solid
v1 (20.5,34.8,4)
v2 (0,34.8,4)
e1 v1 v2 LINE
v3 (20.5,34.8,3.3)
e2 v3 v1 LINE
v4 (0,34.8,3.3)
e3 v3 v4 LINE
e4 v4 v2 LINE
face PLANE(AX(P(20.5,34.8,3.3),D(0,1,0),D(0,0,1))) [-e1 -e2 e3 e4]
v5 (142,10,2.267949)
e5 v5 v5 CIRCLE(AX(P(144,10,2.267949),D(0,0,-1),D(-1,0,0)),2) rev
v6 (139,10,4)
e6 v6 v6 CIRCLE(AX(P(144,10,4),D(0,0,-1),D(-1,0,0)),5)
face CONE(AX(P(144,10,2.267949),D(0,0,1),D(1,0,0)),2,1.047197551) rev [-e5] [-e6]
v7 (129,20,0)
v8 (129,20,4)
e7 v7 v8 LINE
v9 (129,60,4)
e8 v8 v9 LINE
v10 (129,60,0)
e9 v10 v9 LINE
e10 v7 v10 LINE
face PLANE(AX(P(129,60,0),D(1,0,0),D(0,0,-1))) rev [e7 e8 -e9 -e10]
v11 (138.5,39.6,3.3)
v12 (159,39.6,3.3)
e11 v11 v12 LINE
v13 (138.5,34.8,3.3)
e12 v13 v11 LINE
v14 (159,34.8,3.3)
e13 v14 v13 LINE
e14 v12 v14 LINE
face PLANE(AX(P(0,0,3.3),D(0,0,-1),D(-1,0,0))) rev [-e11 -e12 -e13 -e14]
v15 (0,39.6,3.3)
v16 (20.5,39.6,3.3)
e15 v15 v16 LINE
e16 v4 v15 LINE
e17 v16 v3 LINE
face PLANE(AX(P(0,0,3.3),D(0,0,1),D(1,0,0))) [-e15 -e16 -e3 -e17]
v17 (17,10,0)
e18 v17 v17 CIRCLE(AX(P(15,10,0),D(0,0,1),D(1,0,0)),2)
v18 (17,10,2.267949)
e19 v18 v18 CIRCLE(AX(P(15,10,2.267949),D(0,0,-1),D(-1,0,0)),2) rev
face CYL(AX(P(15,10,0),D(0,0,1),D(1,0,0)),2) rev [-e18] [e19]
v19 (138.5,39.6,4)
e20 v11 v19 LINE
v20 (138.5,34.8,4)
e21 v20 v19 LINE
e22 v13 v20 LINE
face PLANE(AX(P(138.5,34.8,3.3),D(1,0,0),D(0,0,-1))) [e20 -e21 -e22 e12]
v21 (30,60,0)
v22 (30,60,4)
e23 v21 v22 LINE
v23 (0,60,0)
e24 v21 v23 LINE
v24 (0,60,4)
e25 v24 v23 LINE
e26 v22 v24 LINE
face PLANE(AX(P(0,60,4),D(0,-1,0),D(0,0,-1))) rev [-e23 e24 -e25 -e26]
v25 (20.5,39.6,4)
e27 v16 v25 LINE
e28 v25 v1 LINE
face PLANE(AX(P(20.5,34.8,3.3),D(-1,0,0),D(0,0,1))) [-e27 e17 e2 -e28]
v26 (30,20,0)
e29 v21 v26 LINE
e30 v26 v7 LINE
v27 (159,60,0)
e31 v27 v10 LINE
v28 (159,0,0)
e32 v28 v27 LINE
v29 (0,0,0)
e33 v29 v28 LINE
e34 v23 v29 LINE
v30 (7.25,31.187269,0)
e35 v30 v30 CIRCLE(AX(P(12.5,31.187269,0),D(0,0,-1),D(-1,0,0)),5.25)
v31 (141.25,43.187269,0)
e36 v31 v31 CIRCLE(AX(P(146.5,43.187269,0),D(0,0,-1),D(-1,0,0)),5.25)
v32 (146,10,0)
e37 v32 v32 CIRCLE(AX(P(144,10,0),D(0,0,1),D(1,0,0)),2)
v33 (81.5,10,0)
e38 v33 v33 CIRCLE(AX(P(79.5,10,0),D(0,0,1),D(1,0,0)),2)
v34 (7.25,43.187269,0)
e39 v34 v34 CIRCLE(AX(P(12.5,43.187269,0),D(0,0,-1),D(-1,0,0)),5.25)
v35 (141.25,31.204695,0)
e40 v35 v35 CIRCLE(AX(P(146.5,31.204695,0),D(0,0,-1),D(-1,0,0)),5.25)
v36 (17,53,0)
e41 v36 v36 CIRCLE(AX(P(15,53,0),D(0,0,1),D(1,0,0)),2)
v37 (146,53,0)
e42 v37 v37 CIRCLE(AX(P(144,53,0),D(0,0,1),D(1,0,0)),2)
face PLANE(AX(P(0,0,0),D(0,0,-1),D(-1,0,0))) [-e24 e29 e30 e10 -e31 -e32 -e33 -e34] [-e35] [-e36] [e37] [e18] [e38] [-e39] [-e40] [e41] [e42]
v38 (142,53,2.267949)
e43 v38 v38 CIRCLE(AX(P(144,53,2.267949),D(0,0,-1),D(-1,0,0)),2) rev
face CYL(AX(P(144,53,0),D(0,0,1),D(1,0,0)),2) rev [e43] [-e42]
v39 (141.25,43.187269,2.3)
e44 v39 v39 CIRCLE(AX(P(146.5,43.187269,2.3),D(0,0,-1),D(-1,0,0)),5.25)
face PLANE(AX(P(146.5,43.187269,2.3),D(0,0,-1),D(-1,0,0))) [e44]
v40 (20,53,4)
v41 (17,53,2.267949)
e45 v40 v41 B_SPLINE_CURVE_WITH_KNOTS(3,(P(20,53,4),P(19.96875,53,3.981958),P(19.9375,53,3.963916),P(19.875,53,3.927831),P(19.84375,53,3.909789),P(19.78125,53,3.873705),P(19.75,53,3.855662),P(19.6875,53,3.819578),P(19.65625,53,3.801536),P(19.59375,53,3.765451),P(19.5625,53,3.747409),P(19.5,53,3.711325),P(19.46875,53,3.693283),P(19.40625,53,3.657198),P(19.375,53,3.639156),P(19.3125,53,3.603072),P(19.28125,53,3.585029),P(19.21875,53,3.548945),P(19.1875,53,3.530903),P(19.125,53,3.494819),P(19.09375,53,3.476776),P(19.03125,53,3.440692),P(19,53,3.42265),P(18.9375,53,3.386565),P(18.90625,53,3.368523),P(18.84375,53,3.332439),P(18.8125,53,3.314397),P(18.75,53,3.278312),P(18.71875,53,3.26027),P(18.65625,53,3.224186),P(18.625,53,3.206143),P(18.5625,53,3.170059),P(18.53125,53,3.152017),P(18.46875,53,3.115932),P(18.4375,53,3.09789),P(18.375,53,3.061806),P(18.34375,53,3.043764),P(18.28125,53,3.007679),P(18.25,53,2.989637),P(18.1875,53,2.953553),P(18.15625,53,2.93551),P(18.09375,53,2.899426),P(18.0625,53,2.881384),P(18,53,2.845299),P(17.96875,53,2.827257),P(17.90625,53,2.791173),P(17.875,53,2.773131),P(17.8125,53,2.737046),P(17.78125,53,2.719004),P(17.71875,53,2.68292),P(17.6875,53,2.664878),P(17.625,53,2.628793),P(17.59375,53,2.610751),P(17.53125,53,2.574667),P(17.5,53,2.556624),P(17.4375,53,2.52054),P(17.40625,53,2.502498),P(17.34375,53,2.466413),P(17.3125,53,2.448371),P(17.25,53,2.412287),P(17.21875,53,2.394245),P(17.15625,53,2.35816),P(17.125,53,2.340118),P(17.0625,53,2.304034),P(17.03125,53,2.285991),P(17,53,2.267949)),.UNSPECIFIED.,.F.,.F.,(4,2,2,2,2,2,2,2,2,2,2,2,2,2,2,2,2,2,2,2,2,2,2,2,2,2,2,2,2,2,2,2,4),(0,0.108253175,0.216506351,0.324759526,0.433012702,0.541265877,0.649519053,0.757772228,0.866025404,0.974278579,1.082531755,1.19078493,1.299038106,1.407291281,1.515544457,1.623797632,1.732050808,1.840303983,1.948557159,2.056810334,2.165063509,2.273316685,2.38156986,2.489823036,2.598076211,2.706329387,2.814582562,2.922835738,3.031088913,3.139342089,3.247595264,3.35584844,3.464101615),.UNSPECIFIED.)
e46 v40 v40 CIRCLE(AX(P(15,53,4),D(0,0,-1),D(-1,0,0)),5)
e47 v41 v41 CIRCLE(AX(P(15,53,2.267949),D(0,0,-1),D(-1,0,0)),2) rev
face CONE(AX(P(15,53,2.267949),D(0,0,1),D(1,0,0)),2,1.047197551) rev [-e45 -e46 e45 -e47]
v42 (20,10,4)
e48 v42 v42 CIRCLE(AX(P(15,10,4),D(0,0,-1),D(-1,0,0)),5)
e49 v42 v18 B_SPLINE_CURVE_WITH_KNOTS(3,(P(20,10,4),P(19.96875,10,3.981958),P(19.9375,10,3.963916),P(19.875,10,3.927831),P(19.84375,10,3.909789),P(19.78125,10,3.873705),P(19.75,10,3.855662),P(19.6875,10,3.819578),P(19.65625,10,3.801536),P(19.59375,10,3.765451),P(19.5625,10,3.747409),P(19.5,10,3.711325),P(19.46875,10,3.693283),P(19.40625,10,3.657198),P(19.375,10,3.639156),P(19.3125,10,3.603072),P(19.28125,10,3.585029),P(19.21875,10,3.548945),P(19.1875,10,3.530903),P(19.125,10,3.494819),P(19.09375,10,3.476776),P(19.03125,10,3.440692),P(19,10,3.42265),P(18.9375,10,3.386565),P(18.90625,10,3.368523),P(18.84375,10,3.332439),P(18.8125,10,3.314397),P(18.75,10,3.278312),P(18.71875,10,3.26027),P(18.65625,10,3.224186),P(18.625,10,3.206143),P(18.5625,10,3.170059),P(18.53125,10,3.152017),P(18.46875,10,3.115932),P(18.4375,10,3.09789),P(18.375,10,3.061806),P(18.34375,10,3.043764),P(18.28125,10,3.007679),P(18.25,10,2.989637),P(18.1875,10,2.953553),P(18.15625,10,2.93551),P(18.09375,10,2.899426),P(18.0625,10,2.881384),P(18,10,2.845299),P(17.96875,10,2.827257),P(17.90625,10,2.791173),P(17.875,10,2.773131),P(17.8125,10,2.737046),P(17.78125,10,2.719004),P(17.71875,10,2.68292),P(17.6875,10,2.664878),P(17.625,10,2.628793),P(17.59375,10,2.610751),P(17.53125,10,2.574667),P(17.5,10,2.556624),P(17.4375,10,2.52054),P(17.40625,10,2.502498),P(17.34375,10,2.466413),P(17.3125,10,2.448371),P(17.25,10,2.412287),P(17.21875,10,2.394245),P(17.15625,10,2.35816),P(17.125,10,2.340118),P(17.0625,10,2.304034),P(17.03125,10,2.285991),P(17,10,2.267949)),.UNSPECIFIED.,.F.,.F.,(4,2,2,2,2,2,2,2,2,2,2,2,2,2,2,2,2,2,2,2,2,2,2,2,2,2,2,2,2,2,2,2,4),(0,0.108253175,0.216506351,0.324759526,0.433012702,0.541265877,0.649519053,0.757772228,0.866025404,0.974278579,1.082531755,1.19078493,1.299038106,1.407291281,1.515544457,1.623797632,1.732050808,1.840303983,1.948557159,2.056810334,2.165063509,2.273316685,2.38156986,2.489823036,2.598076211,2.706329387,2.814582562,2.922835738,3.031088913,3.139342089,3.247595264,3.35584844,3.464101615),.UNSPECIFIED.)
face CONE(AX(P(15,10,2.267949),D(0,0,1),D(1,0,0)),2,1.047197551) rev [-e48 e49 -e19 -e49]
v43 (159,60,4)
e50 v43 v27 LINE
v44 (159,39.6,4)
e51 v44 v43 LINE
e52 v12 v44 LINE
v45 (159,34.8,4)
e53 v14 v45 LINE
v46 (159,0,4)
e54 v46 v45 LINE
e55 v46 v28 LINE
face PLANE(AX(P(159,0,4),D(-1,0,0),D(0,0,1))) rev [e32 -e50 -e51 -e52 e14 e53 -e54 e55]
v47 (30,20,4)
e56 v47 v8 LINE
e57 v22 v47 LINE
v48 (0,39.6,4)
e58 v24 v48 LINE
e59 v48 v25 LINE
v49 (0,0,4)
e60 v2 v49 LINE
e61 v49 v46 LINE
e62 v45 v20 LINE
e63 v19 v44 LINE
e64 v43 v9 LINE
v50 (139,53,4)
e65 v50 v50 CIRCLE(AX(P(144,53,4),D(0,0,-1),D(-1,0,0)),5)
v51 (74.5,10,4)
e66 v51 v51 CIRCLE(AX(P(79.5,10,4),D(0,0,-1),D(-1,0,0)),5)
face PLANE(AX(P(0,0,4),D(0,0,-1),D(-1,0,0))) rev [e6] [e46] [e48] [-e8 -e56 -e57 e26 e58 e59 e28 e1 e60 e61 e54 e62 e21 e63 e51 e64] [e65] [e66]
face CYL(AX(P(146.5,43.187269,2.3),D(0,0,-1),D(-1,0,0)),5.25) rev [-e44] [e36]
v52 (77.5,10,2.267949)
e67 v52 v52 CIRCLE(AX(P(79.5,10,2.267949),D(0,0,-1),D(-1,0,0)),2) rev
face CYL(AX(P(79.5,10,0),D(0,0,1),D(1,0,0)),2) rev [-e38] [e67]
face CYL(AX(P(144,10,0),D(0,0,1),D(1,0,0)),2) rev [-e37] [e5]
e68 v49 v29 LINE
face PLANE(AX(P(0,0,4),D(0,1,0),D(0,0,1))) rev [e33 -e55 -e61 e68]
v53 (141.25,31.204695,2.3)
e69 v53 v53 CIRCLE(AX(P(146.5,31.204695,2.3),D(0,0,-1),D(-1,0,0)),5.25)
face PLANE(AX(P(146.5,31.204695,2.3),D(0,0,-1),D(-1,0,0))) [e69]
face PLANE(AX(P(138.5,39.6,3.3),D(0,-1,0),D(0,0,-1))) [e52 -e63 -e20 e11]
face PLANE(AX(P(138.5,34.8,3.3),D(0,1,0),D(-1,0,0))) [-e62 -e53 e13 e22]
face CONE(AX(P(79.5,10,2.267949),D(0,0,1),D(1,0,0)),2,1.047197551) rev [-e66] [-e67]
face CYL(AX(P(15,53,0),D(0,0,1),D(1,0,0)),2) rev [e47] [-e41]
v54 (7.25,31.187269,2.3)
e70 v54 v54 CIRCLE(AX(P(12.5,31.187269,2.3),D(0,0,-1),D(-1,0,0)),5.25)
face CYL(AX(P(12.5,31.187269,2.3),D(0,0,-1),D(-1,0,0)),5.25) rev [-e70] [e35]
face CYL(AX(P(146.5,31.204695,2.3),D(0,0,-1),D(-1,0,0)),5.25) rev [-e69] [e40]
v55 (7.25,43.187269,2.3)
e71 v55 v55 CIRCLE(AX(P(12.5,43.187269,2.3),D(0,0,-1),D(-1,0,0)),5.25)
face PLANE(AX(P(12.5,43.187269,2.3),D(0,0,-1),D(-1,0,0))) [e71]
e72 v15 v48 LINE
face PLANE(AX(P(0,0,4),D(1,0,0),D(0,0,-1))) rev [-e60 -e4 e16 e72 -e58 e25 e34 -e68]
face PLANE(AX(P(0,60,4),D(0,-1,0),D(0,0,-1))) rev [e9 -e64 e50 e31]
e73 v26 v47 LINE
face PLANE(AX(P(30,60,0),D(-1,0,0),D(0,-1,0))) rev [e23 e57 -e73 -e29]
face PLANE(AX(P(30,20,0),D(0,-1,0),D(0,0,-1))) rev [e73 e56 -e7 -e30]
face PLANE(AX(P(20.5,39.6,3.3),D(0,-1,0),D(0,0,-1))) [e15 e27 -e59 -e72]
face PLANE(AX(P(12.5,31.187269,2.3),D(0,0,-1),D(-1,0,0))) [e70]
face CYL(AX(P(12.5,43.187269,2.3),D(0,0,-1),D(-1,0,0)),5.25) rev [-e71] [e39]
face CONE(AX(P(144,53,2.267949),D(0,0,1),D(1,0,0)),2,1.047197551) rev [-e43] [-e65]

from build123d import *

# Parameters (mm, degrees)
ESQUISSE1_W             = 159
ESQUISSE1_H             = 60
BOSS_EXTRU_1_DEPTH      = 4
ENL_V_START             = -4
ESQUISSE2_W             = 20.5
ESQUISSE2_H             = 4.8
ENL_V_MAT_EXTRU_1_DEPTH = 0.7
ESQUISSE3_R             = 5.25
ENL_V_MAT_EXTRU_2_DEPTH = 2.3
ESQUISSE4_W             = 99
ESQUISSE4_H             = 40
ENL_V_MAT_EXTRU_3_DEPTH = 4
ESQUISSE5_R             = 2
ENL_V_MAT_EXTRU_4_DEPTH = 4
CHANFREIN1_SIZE         = 3
CHANFREIN1_SIZE2        = 1.732050808


with BuildPart() as part:
    # Esquisse1 → Boss.-Extru.1 (new body)
    with BuildSketch(Plane.XY):
        with Locations((79.5, 30)):
            Rectangle(ESQUISSE1_W, ESQUISSE1_H)
    extrude(amount=BOSS_EXTRU_1_DEPTH)

    # Esquisse2 → Enlèv. mat.-Extru.1 (cut)
    with BuildSketch(Plane(origin=(0, 0, 0), x_dir=(-1, 0, 0), z_dir=(0, 0, -1)).offset(ENL_V_START)):
        with Locations((-10.25, 37.2)):
            Rectangle(ESQUISSE2_W, ESQUISSE2_H)
        with Locations((-148.75, 37.2)):
            Rectangle(ESQUISSE2_W, ESQUISSE2_H)
    extrude(amount=ENL_V_MAT_EXTRU_1_DEPTH, mode=Mode.SUBTRACT)

    # Esquisse3 → Enlèv. mat.-Extru.2 (cut)
    with BuildSketch(Plane(origin=(0, 0, 0), x_dir=(-1, 0, 0), z_dir=(0, 0, -1))):
        with Locations((-12.5, 31.187269084)):
            Circle(ESQUISSE3_R)
        with Locations((-12.5, 43.187269084)):
            Circle(ESQUISSE3_R)
        with Locations((-146.5, 31.204694992)):
            Circle(ESQUISSE3_R)
        with Locations((-146.5, 43.187269084)):
            Circle(ESQUISSE3_R)
    extrude(amount=-ENL_V_MAT_EXTRU_2_DEPTH, mode=Mode.SUBTRACT)

    # Esquisse4 → Enlèv. mat.-Extru.3 (cut)
    with BuildSketch(Plane.XY.offset(4)):
        with Locations((79.5, 40)):
            Rectangle(ESQUISSE4_W, ESQUISSE4_H)
    extrude(amount=-ENL_V_MAT_EXTRU_3_DEPTH, mode=Mode.SUBTRACT)

    # Esquisse5 → Enlèv. mat.-Extru.4 (cut)
    with BuildSketch(Plane.XY.offset(4)):
        with Locations((15, 10)):
            Circle(ESQUISSE5_R)
        with Locations((144, 10)):
            Circle(ESQUISSE5_R)
        with Locations((15, 53)):
            Circle(ESQUISSE5_R)
        with Locations((144, 53)):
            Circle(ESQUISSE5_R)
        with Locations((79.5, 10)):
            Circle(ESQUISSE5_R)
    extrude(amount=-ENL_V_MAT_EXTRU_4_DEPTH, mode=Mode.SUBTRACT)

    # Chanfrein1
    chanfrein1_edges = [part.edges().sort_by_distance(p)[0] for p in [
        (13, 10, 4),
        (142, 10, 4),
        (13, 53, 4),
        (142, 53, 4),
        (77.5, 10, 4),
    ]]
    chanfrein1_side = [part.faces().sort_by_distance(p)[0] for p in [
        (10.25, 33.100558915, 4),
    ]]
    chamfer(chanfrein1_edges, length=CHANFREIN1_SIZE, length2=CHANFREIN1_SIZE2, reference=chanfrein1_side[0])


solid = part.part
